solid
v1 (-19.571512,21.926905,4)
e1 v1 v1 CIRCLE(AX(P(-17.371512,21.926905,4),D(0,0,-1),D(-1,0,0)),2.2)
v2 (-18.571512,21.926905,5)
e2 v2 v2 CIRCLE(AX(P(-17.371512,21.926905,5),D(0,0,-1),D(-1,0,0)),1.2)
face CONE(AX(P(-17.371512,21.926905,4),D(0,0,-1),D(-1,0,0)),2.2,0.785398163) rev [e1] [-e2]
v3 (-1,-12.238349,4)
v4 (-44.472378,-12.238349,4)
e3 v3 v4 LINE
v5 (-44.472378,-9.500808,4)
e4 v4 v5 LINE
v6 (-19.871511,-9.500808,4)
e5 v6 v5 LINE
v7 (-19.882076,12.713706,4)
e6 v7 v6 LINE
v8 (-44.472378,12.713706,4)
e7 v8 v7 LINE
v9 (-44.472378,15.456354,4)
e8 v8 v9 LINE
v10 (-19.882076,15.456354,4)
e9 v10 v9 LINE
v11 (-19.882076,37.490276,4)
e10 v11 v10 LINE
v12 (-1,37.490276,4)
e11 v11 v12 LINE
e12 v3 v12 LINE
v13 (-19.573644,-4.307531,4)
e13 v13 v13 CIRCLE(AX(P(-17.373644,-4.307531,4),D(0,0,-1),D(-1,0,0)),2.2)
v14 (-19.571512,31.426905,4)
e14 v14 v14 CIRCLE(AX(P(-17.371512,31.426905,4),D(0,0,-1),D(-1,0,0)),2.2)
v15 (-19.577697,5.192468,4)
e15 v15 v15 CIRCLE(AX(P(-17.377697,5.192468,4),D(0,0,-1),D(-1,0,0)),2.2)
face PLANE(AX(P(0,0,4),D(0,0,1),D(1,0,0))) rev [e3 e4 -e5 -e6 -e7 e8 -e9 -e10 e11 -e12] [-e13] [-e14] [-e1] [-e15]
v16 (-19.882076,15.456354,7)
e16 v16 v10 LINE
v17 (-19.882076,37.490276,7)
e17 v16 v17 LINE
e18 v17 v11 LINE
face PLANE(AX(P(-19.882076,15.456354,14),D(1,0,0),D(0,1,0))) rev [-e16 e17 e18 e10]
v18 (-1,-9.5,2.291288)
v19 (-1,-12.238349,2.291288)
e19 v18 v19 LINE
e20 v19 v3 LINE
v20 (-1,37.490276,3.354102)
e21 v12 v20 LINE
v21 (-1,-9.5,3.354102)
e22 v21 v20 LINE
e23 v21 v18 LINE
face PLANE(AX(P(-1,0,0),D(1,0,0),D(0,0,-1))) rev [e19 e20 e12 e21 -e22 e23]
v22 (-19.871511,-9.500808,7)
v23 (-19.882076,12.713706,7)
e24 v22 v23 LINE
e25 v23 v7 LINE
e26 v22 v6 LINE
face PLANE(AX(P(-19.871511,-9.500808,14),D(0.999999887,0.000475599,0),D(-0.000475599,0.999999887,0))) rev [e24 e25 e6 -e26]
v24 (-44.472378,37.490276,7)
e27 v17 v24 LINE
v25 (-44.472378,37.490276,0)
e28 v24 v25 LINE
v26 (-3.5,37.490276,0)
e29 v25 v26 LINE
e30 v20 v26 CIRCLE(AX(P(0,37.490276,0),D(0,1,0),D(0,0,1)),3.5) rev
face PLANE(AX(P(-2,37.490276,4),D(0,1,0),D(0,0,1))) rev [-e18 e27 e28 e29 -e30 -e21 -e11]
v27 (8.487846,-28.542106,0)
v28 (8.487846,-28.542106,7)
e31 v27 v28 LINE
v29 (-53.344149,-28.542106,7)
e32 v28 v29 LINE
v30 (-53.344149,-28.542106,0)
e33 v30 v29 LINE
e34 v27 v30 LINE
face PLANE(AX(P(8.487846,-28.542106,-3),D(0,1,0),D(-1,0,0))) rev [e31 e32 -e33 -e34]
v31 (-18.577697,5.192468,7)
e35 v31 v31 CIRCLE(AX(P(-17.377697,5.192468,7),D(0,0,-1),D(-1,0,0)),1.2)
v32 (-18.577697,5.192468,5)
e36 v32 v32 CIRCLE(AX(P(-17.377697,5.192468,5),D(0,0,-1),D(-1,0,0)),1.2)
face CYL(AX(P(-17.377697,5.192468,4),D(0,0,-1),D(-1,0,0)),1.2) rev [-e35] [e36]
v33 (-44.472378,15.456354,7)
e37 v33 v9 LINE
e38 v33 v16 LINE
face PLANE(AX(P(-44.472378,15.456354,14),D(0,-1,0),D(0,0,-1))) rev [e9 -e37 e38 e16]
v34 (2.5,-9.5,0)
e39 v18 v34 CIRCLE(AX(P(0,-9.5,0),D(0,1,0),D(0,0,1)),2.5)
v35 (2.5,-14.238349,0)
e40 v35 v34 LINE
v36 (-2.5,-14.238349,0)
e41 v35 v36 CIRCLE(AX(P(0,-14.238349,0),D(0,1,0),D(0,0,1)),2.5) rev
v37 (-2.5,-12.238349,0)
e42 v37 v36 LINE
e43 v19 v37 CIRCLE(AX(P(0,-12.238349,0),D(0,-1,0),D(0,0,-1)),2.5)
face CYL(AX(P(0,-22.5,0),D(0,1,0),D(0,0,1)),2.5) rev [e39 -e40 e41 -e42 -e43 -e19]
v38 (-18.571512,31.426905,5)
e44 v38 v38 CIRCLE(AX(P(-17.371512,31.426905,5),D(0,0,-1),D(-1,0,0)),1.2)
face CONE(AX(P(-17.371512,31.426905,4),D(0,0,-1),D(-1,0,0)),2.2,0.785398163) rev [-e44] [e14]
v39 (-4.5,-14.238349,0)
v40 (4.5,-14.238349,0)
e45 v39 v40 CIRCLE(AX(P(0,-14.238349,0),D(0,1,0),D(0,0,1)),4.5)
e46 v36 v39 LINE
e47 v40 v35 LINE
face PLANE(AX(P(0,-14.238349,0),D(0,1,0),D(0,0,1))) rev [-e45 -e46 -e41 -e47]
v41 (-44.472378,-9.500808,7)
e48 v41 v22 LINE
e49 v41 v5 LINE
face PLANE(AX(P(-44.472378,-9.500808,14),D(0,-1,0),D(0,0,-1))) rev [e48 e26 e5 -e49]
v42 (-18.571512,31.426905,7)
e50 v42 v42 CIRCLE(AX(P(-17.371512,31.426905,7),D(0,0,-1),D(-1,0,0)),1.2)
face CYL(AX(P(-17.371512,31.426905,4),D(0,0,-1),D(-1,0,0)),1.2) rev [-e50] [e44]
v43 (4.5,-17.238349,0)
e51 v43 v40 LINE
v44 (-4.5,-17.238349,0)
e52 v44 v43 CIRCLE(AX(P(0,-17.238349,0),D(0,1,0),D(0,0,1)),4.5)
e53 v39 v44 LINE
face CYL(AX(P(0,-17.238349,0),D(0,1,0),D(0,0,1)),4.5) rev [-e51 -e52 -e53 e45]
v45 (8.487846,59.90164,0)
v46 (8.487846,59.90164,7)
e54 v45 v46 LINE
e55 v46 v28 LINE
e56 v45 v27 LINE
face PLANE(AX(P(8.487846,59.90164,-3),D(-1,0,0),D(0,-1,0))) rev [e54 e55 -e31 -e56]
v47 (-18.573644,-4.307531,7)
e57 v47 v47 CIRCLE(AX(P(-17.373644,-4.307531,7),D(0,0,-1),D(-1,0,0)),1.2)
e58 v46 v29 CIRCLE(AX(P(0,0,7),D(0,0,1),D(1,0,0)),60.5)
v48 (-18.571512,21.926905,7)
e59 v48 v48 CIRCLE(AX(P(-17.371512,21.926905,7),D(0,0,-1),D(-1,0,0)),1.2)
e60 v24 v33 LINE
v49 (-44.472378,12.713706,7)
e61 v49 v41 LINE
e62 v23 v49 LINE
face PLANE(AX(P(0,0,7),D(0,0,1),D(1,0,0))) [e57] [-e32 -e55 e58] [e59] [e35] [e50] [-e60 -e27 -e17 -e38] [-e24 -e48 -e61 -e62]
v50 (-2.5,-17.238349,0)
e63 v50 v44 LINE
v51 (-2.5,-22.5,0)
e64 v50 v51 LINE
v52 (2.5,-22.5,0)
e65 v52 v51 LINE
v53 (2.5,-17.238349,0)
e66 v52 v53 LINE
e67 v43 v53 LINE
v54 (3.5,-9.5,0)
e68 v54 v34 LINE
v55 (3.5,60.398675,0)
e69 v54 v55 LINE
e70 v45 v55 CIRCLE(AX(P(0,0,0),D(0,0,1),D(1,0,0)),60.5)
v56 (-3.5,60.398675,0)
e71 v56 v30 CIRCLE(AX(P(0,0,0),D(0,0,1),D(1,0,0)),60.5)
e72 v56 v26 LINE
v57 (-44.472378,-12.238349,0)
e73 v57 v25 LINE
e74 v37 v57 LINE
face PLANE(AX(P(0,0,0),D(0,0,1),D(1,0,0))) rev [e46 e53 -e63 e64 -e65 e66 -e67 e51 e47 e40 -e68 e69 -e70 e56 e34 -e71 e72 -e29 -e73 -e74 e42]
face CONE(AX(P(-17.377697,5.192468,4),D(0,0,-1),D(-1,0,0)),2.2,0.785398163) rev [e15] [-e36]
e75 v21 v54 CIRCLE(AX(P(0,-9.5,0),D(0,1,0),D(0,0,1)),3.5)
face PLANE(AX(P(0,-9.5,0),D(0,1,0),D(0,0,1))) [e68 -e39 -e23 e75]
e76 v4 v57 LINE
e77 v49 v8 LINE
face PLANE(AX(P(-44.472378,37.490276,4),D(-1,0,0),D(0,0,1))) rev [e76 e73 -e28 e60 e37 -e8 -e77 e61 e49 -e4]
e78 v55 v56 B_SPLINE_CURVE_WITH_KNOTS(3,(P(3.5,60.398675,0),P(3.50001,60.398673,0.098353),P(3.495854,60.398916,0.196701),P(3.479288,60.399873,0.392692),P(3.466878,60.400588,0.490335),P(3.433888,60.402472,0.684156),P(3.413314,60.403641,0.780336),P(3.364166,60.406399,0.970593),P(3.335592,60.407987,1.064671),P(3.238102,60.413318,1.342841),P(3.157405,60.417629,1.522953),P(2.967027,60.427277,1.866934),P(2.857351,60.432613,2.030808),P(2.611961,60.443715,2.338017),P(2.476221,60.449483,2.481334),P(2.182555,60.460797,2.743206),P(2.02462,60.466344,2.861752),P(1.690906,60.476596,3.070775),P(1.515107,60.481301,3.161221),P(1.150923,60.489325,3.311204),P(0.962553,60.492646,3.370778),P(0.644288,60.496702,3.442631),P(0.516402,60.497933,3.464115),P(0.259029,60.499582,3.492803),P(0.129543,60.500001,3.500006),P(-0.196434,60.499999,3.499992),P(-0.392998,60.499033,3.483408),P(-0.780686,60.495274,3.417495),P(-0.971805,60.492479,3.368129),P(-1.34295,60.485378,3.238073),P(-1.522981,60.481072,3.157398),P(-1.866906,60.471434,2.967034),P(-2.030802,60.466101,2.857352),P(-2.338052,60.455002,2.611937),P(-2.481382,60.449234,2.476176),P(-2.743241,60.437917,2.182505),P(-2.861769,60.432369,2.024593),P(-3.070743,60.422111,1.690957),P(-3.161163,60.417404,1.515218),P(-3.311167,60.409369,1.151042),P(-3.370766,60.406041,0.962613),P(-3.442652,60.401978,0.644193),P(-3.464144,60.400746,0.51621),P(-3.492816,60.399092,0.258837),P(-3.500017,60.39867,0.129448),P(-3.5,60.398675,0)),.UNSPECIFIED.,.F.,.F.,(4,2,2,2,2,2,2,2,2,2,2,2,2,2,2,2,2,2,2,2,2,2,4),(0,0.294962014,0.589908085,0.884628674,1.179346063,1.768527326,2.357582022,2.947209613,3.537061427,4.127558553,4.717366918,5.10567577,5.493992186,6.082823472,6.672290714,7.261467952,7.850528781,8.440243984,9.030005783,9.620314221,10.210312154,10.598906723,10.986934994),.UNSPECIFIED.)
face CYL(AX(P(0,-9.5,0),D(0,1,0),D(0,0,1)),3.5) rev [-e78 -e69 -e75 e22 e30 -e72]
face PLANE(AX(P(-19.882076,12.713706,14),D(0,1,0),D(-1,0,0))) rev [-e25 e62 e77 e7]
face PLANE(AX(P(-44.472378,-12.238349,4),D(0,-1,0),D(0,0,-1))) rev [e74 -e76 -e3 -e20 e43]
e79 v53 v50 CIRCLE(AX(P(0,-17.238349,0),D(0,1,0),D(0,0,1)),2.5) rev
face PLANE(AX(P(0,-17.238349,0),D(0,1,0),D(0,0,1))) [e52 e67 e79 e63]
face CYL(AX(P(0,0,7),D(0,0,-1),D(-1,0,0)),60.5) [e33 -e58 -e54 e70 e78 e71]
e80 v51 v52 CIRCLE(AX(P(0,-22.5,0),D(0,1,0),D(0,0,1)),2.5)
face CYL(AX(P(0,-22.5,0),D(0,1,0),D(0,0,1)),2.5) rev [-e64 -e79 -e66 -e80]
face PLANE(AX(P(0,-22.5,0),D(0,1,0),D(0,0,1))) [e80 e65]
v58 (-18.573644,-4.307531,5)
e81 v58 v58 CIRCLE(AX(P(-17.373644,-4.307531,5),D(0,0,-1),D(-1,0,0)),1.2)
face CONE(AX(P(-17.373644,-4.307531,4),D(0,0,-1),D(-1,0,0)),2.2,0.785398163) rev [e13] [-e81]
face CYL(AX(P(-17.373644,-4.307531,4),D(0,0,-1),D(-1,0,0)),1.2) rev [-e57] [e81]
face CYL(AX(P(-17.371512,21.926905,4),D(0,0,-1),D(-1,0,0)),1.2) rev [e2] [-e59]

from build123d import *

# Parameters (mm, degrees)
SKETCH1_R                                       = 60.5
BOSS_EXTRUDE1_DEPTH                             = 7
SKETCH6_R                                       = 3.5
CUT_EXTRUDE2_DEPTH                              = 70
CUT_EXTRUDE7_DEPTH                              = 10
SKETCH23_W                                      = 42.472377856
SKETCH23_H                                      = 49.728625228
CUT_EXTRUDE8_DEPTH                              = 4
SKETCH24_W                                      = 49.728625228
SKETCH24_H                                      = 1.127718677
CUT_EXTRUDE10_DEPTH                             = 1
CSK_FOR_M2_FLAT_HEAD_MACHINE_SCREW1_D           = 2.4
CSK_FOR_M2_FLAT_HEAD_MACHINE_SCREW1_CSINK_D     = 4.4
CSK_FOR_M2_FLAT_HEAD_MACHINE_SCREW1_CSINK_ANGLE = 90
SKETCH30_W                                      = 24.590301857
SKETCH30_H                                      = 22.033921334
CUT_EXTRUDE11_DEPTH                             = 10
SKETCH39_R                                      = 2.5
CUT_EXTRUDE14_DEPTH                             = 13
SKETCH42_R                                      = 4.5
CUT_EXTRUDE15_DEPTH                             = 1.5
SKETCH43_W                                      = 2.738349456
SKETCH43_H                                      = 1.372281323
CUT_EXTRUDE17_DEPTH                             = 1


with BuildPart() as part:
    # Sketch1 → Boss-Extrude1 (new body)
    with BuildSketch(Plane(origin=(0, 0, 0), x_dir=(0, 1, 0), z_dir=(0, 0, 1))):
        Circle(SKETCH1_R)
    extrude(amount=BOSS_EXTRUDE1_DEPTH)

    # Sketch6 → Cut-Extrude2 (cut)
    with BuildSketch(Plane(origin=(0, 60.5, -6), x_dir=(-1, 0, 0), z_dir=(0, 1, 0))):
        with Locations((0, 6)):
            Circle(SKETCH6_R)
    extrude(amount=-CUT_EXTRUDE2_DEPTH, mode=Mode.SUBTRACT)

    # Sketch21 → Cut-Extrude7 (cut)
    with BuildSketch(Plane.XY.offset(7)):
        with BuildLine():
            Line((8.487846034, 59.901639958), (8.487846034, -28.542105861))
            Line((8.487846034, -28.542105861), (-53.344148629, -28.542105861))
            ThreePointArc((-53.344148629, -28.542105861), (113.000185213, -78.999671309), (8.487846034, 59.901639958))
        make_face()
    extrude(amount=-CUT_EXTRUDE7_DEPTH, mode=Mode.SUBTRACT)

    # Sketch23 → Cut-Extrude8 (cut)
    with BuildSketch(Plane(origin=(0, 0, 0), x_dir=(1, 0, 0), z_dir=(0, 0, -1))):
        with Locations((-23.236188928, -12.625963158)):
            Rectangle(SKETCH23_W, SKETCH23_H)
    extrude(amount=-CUT_EXTRUDE8_DEPTH, mode=Mode.SUBTRACT)

    # Sketch24 → Cut-Extrude10 (cut)
    with BuildSketch(Plane(origin=(-2, 0, 0), x_dir=(0, -1, 0), z_dir=(-1, 0, 0))):
        with Locations((-12.625963158, 3.436140662)):
            Rectangle(SKETCH24_W, SKETCH24_H)
    extrude(amount=-CUT_EXTRUDE10_DEPTH, mode=Mode.SUBTRACT)

    # CSK for M2 Flat Head Machine Screw1 (through all)
    with Locations(Plane.YX.offset(-4)):
        with Locations((-4.307531, -17.373644116), (5.192468135, -17.377696999), (21.926905074, -17.371512218), (31.426905074, -17.371512218)):
            CounterSinkHole(CSK_FOR_M2_FLAT_HEAD_MACHINE_SCREW1_D / 2, CSK_FOR_M2_FLAT_HEAD_MACHINE_SCREW1_CSINK_D / 2, counter_sink_angle=CSK_FOR_M2_FLAT_HEAD_MACHINE_SCREW1_CSINK_ANGLE)

    # Sketch30 → Cut-Extrude11 (cut)
    with BuildSketch(Plane(origin=(0, 0, 4), x_dir=(1, 0, 0), z_dir=(0, 0, -1))):
        with Locations((-32.177226928, -26.473315105)):
            Rectangle(SKETCH30_W, SKETCH30_H)
        Polygon((-19.882075999, -12.713705866), (-44.472377856, -12.713705866), (-44.472377856, 9.50080752), (-19.871510792, 9.50080752), align=None)
    extrude(amount=-CUT_EXTRUDE11_DEPTH, mode=Mode.SUBTRACT)

    # Sketch39 → Cut-Extrude14 (cut)
    with BuildSketch(Plane(origin=(0, -9.5, 0), x_dir=(-1, 0, 0), z_dir=(0, 1, 0))):
        Circle(SKETCH39_R)
    extrude(amount=-CUT_EXTRUDE14_DEPTH, mode=Mode.SUBTRACT)

    # Sketch42 → Cut-Extrude15 (cut, symmetric)
    with BuildSketch(Plane(origin=(0, -15.738349456, 0), x_dir=(-1, 0, 0), z_dir=(0, 1, 0))):
        Circle(SKETCH42_R)
    extrude(amount=CUT_EXTRUDE15_DEPTH, both=True, mode=Mode.SUBTRACT)

    # Sketch43 → Cut-Extrude17 (cut)
    with BuildSketch(Plane(origin=(-2, 0, 0), x_dir=(0, -1, 0), z_dir=(-1, 0, 0))):
        with Locations((10.869174728, 2.186140662)):
            Rectangle(SKETCH43_W, SKETCH43_H)
    extrude(amount=-CUT_EXTRUDE17_DEPTH, mode=Mode.SUBTRACT)


solid = part.part
